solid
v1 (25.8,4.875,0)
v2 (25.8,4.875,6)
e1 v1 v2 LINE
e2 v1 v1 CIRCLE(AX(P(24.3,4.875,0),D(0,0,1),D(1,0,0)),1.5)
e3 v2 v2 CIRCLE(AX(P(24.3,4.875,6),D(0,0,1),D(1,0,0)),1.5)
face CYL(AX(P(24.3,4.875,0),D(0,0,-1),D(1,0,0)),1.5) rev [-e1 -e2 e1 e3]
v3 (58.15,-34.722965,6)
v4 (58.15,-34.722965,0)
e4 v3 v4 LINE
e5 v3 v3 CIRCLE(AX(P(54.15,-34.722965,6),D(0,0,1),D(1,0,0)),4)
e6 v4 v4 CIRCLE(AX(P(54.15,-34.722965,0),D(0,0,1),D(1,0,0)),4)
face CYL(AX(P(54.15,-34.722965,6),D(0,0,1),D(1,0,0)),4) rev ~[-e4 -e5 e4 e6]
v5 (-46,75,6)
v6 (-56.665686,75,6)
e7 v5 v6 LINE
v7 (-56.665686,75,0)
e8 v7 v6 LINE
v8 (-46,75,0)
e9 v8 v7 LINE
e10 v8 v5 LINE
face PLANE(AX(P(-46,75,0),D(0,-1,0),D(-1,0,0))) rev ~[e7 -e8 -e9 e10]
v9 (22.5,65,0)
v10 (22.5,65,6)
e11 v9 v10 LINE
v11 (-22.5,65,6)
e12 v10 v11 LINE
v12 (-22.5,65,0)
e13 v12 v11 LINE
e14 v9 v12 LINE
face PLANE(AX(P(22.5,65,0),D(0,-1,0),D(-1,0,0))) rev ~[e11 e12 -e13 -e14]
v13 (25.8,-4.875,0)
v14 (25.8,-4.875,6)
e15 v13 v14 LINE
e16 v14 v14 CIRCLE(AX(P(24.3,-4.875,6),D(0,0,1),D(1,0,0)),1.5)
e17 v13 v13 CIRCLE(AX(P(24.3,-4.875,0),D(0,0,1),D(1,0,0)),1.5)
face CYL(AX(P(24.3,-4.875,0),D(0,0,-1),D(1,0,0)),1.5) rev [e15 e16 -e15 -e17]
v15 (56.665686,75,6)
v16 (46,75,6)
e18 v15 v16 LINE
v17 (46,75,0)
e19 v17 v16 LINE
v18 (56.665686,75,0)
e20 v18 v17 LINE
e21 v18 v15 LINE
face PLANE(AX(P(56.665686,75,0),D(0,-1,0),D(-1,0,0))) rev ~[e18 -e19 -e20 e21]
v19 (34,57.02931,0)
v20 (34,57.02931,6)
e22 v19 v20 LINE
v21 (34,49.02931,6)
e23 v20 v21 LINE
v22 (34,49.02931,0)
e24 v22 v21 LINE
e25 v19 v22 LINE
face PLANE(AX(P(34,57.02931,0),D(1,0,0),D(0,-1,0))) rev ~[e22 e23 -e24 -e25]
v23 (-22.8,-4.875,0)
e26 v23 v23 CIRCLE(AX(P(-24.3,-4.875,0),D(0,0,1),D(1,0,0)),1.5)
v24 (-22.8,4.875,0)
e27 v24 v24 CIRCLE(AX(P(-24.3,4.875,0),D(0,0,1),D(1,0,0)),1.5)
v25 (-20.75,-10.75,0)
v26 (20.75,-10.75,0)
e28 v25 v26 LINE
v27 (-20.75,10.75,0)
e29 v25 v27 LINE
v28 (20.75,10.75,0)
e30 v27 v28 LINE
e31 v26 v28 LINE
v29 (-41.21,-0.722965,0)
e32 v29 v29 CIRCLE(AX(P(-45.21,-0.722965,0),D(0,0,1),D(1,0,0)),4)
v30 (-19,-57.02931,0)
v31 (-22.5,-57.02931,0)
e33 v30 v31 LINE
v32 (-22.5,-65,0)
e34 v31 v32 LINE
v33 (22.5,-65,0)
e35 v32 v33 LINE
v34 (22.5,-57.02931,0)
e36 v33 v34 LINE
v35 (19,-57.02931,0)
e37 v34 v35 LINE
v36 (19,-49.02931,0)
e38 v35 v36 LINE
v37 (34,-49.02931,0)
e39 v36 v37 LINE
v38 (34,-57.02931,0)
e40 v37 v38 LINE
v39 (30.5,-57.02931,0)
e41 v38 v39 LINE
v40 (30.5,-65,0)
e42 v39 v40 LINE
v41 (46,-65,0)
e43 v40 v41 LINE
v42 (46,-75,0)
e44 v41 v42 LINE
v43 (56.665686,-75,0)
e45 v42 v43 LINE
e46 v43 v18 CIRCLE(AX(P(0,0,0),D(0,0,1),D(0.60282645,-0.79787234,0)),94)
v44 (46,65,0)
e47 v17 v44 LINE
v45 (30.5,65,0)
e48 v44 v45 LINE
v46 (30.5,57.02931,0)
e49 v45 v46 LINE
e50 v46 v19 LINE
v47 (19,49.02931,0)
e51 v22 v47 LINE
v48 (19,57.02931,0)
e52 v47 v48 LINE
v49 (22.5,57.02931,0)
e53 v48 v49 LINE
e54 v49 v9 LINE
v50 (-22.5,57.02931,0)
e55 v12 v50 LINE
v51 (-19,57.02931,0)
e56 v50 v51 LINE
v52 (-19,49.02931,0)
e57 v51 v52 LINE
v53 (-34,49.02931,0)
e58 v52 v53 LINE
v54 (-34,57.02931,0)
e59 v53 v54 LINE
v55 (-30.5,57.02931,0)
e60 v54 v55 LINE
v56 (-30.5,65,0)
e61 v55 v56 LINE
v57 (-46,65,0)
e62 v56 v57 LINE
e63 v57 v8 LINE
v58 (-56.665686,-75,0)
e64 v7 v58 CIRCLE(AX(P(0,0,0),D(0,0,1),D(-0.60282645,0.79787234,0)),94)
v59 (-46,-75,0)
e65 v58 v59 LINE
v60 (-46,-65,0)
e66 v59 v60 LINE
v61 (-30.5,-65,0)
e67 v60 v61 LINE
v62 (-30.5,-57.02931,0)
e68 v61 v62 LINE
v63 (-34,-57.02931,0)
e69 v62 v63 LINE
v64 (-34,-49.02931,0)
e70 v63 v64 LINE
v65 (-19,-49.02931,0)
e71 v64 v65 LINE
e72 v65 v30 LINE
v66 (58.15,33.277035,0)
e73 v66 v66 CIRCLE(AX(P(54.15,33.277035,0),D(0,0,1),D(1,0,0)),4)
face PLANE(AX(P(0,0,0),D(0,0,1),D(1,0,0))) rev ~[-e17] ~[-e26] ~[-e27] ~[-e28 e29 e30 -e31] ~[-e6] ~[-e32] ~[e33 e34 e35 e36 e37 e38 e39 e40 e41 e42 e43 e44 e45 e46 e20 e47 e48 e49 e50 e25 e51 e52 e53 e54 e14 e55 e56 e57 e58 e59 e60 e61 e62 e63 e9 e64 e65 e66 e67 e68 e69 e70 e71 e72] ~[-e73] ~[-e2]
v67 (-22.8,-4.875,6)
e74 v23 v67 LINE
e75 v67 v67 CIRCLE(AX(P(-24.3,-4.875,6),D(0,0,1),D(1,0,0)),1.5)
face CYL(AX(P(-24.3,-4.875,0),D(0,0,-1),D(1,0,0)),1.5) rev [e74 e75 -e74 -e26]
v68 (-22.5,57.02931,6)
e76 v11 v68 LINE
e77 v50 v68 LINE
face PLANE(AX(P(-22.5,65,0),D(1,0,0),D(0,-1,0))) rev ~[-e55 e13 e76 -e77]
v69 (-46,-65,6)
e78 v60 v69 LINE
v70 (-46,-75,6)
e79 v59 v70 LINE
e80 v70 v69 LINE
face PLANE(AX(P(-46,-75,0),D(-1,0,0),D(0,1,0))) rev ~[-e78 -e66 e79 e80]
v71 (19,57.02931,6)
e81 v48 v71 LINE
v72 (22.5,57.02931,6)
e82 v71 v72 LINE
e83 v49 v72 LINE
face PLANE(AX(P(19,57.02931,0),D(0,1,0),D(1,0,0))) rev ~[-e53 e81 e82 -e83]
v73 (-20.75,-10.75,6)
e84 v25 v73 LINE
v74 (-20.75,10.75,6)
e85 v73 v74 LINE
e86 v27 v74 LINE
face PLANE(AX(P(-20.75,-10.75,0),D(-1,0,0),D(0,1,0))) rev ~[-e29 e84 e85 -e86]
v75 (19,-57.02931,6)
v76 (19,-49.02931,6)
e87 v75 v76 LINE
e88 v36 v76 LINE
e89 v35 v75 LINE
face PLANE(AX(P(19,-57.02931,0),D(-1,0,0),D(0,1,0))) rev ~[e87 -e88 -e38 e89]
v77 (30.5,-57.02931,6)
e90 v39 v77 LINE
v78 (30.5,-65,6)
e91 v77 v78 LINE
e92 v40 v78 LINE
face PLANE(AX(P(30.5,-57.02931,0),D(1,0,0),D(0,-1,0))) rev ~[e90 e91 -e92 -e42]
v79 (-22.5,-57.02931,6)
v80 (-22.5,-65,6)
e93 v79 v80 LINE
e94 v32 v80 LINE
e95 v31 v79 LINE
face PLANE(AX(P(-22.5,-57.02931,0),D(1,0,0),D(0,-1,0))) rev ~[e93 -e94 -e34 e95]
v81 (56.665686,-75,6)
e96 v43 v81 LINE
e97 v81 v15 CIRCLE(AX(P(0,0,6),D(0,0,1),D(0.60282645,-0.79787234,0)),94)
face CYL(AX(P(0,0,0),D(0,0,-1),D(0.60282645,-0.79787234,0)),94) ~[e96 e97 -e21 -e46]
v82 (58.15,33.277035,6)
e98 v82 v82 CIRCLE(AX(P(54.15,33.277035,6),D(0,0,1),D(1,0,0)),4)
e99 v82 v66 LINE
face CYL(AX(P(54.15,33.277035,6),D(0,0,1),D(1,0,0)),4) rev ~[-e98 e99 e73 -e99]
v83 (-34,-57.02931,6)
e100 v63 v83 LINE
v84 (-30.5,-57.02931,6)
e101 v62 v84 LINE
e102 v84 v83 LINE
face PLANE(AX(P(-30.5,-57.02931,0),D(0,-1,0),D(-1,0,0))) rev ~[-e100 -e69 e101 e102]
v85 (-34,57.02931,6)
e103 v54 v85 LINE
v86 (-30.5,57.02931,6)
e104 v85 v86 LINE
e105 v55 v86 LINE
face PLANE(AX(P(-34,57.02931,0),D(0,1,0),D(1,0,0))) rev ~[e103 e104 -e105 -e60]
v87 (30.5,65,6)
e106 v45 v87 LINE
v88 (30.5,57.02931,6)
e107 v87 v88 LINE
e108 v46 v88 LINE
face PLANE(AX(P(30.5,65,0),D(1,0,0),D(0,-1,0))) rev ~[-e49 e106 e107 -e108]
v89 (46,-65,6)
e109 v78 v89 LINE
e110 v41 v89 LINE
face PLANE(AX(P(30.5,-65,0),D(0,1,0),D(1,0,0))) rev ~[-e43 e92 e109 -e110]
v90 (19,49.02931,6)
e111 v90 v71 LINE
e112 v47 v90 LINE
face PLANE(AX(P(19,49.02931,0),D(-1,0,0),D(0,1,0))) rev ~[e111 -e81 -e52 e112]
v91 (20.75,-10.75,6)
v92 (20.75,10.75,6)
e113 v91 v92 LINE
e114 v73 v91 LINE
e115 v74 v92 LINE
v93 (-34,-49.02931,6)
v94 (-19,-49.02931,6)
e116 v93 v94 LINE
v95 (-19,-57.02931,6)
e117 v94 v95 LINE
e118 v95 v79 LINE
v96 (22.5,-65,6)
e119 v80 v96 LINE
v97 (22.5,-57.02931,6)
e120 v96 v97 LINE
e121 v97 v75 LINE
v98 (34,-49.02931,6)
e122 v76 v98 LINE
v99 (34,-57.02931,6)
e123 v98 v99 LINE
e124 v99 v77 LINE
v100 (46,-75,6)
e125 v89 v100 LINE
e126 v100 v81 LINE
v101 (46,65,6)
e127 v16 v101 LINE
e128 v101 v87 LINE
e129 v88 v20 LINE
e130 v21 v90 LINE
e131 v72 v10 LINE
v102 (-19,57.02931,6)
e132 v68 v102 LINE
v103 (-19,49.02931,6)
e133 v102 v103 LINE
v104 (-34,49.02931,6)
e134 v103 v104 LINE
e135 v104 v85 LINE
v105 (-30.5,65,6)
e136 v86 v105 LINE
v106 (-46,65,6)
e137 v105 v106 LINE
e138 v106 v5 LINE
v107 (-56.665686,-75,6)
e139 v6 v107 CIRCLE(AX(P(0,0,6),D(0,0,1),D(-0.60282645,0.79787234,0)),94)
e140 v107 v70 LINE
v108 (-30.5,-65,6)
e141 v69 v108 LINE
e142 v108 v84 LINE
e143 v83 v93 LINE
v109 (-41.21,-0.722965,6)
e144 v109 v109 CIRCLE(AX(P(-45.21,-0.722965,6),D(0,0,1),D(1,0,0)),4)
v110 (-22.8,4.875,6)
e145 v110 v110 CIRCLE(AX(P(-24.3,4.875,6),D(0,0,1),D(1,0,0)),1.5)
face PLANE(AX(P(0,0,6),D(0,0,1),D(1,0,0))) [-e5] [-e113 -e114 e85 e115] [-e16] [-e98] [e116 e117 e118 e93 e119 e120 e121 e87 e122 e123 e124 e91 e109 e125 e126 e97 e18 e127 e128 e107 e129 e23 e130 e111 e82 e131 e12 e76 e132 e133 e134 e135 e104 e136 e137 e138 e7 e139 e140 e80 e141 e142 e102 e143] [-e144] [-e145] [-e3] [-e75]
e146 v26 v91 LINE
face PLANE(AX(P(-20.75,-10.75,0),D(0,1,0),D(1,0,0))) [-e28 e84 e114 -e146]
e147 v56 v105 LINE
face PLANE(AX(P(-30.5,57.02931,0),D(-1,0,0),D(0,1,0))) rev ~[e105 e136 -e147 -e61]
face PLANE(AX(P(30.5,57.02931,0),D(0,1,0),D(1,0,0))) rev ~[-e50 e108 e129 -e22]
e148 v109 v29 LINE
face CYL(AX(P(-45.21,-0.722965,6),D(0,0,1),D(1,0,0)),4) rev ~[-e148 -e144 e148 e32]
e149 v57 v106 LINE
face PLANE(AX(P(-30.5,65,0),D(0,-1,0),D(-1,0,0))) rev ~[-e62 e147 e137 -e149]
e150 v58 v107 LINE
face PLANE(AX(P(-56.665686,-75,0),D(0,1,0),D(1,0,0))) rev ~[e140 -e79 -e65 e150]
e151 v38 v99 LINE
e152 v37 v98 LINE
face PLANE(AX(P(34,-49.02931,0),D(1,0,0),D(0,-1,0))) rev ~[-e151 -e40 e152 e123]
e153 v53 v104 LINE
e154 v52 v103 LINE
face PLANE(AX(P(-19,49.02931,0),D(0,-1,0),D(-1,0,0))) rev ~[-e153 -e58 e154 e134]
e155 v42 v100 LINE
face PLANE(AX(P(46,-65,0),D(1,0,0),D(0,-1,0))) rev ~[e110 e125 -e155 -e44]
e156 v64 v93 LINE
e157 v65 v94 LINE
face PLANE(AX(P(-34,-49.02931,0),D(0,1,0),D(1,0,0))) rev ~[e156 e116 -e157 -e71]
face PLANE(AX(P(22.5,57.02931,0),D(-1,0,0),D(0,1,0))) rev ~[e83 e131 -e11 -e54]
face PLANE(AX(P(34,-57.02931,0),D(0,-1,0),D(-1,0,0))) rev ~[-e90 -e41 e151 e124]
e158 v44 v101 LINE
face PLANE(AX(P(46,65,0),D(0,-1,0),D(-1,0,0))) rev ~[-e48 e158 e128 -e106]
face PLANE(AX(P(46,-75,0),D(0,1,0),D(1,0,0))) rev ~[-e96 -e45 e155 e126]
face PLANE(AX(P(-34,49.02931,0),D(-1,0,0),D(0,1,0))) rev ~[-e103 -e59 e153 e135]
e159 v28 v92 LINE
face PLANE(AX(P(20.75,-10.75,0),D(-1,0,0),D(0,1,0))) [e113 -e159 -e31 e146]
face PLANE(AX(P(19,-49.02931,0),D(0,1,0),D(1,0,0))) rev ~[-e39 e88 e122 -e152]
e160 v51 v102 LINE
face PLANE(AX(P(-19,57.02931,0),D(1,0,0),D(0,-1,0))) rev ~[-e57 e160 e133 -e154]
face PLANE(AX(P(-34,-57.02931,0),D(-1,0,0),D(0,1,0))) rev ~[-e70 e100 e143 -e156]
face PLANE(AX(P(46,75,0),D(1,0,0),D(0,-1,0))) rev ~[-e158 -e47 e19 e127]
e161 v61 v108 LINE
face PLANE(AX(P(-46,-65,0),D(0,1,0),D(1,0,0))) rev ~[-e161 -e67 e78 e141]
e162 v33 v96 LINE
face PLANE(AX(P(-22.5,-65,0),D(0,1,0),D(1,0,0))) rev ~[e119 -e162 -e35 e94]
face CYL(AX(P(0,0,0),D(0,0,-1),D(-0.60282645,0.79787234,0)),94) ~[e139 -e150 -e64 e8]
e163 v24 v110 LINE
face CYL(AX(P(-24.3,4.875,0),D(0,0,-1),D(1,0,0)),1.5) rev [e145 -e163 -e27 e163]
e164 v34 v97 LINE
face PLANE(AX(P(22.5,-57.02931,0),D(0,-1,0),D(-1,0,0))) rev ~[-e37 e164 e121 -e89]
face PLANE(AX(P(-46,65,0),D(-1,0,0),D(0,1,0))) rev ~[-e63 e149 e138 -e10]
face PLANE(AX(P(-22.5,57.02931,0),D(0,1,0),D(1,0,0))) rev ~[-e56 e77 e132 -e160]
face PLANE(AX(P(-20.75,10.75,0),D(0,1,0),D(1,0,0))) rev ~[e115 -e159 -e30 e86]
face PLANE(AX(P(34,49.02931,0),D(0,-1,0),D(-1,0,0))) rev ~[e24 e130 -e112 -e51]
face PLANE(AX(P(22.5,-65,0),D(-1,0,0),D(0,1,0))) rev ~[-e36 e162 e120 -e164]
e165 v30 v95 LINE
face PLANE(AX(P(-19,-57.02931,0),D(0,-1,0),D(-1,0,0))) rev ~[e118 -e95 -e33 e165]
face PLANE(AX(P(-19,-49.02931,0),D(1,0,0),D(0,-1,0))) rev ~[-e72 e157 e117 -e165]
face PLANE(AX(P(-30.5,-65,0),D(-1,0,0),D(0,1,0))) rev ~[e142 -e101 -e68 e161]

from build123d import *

# Parameters (mm, degrees)
SKETCH8_R               = 1.5
SKETCH8_W               = 41.5
SKETCH8_H               = 21.5
BOSS_EXTRUDE1_DEPTH     = 6
SKETCH10_R              = 4
CUT_EXTRUDE2_DEPTH      = 1
CUT_EXTRUDE2_DEPTH_BACK = 7


with BuildPart() as part:
    # Sketch8 → Boss-Extrude1 (new body)
    with BuildSketch(Plane.XY):
        with BuildLine():
            Line((-56.665686266, -75), (-46, -75))
            Line((-46, -75), (-46, -65))
            Line((-46, -65), (-30.5, -65))
            Line((-30.5, -65), (-30.5, -57.029309822))
            Line((-30.5, -57.029309822), (-34, -57.029309822))
            Line((-34, -57.029309822), (-34, -49.029309822))
            Line((-34, -49.029309822), (-19, -49.029309822))
            Line((-19, -49.029309822), (-19, -57.029309822))
            Line((-19, -57.029309822), (-22.5, -57.029309822))
            Line((-22.5, -57.029309822), (-22.5, -65))
            Line((-22.5, -65), (22.5, -65))
            Line((22.5, -65), (22.5, -57.029309822))
            Line((22.5, -57.029309822), (19, -57.029309822))
            Line((19, -57.029309822), (19, -49.029309822))
            Line((19, -49.029309822), (34, -49.029309822))
            Line((34, -49.029309822), (34, -57.029309822))
            Line((34, -57.029309822), (30.5, -57.029309822))
            Line((30.5, -57.029309822), (30.5, -65))
            Line((30.5, -65), (46, -65))
            Line((46, -65), (46, -75))
            Line((46, -75), (56.665686266, -75))
            ThreePointArc((56.665686266, -75), (94, 0), (56.665686266, 75))
            Line((56.665686266, 75), (46, 75))
            Line((46, 75), (46, 65))
            Line((46, 65), (30.5, 65))
            Line((30.5, 65), (30.5, 57.029309822))
            Line((30.5, 57.029309822), (34, 57.029309822))
            Line((34, 57.029309822), (34, 49.029309822))
            Line((34, 49.029309822), (19, 49.029309822))
            Line((19, 49.029309822), (19, 57.029309822))
            Line((19, 57.029309822), (22.5, 57.029309822))
            Line((22.5, 57.029309822), (22.5, 65))
            Line((22.5, 65), (-22.5, 65))
            Line((-22.5, 65), (-22.5, 57.029309822))
            Line((-22.5, 57.029309822), (-19, 57.029309822))
            Line((-19, 57.029309822), (-19, 49.029309822))
            Line((-19, 49.029309822), (-34, 49.029309822))
            Line((-34, 49.029309822), (-34, 57.029309822))
            Line((-34, 57.029309822), (-30.5, 57.029309822))
            Line((-30.5, 57.029309822), (-30.5, 65))
            Line((-30.5, 65), (-46, 65))
            Line((-46, 65), (-46, 75))
            Line((-46, 75), (-56.665686266, 75))
            ThreePointArc((-56.665686266, 75), (-94, 0), (-56.665686266, -75))
        make_face()
        with Locations((-24.3, -4.875)):
            Circle(SKETCH8_R, mode=Mode.SUBTRACT)
        with Locations((-24.3, 4.875)):
            Circle(SKETCH8_R, mode=Mode.SUBTRACT)
        with Locations((24.3, 4.875)):
            Circle(SKETCH8_R, mode=Mode.SUBTRACT)
        with Locations((24.3, -4.875)):
            Circle(SKETCH8_R, mode=Mode.SUBTRACT)
        Rectangle(SKETCH8_W, SKETCH8_H, mode=Mode.SUBTRACT)
    extrude(amount=BOSS_EXTRUDE1_DEPTH)

    # Sketch10 → Cut-Extrude2 (cut, two sides)
    with BuildSketch(Plane.XY.offset(6)) as cut_extrude2_sk:
        with Locations((54.15, -34.722964698)):
            Circle(SKETCH10_R)
        with Locations((54.15, 33.277035302)):
            Circle(SKETCH10_R)
        with Locations((-45.21, -0.722964698)):
            Circle(SKETCH10_R)
    extrude(amount=CUT_EXTRUDE2_DEPTH, mode=Mode.SUBTRACT)
    extrude(cut_extrude2_sk.sketch, amount=-CUT_EXTRUDE2_DEPTH_BACK, mode=Mode.SUBTRACT)


solid = part.part
